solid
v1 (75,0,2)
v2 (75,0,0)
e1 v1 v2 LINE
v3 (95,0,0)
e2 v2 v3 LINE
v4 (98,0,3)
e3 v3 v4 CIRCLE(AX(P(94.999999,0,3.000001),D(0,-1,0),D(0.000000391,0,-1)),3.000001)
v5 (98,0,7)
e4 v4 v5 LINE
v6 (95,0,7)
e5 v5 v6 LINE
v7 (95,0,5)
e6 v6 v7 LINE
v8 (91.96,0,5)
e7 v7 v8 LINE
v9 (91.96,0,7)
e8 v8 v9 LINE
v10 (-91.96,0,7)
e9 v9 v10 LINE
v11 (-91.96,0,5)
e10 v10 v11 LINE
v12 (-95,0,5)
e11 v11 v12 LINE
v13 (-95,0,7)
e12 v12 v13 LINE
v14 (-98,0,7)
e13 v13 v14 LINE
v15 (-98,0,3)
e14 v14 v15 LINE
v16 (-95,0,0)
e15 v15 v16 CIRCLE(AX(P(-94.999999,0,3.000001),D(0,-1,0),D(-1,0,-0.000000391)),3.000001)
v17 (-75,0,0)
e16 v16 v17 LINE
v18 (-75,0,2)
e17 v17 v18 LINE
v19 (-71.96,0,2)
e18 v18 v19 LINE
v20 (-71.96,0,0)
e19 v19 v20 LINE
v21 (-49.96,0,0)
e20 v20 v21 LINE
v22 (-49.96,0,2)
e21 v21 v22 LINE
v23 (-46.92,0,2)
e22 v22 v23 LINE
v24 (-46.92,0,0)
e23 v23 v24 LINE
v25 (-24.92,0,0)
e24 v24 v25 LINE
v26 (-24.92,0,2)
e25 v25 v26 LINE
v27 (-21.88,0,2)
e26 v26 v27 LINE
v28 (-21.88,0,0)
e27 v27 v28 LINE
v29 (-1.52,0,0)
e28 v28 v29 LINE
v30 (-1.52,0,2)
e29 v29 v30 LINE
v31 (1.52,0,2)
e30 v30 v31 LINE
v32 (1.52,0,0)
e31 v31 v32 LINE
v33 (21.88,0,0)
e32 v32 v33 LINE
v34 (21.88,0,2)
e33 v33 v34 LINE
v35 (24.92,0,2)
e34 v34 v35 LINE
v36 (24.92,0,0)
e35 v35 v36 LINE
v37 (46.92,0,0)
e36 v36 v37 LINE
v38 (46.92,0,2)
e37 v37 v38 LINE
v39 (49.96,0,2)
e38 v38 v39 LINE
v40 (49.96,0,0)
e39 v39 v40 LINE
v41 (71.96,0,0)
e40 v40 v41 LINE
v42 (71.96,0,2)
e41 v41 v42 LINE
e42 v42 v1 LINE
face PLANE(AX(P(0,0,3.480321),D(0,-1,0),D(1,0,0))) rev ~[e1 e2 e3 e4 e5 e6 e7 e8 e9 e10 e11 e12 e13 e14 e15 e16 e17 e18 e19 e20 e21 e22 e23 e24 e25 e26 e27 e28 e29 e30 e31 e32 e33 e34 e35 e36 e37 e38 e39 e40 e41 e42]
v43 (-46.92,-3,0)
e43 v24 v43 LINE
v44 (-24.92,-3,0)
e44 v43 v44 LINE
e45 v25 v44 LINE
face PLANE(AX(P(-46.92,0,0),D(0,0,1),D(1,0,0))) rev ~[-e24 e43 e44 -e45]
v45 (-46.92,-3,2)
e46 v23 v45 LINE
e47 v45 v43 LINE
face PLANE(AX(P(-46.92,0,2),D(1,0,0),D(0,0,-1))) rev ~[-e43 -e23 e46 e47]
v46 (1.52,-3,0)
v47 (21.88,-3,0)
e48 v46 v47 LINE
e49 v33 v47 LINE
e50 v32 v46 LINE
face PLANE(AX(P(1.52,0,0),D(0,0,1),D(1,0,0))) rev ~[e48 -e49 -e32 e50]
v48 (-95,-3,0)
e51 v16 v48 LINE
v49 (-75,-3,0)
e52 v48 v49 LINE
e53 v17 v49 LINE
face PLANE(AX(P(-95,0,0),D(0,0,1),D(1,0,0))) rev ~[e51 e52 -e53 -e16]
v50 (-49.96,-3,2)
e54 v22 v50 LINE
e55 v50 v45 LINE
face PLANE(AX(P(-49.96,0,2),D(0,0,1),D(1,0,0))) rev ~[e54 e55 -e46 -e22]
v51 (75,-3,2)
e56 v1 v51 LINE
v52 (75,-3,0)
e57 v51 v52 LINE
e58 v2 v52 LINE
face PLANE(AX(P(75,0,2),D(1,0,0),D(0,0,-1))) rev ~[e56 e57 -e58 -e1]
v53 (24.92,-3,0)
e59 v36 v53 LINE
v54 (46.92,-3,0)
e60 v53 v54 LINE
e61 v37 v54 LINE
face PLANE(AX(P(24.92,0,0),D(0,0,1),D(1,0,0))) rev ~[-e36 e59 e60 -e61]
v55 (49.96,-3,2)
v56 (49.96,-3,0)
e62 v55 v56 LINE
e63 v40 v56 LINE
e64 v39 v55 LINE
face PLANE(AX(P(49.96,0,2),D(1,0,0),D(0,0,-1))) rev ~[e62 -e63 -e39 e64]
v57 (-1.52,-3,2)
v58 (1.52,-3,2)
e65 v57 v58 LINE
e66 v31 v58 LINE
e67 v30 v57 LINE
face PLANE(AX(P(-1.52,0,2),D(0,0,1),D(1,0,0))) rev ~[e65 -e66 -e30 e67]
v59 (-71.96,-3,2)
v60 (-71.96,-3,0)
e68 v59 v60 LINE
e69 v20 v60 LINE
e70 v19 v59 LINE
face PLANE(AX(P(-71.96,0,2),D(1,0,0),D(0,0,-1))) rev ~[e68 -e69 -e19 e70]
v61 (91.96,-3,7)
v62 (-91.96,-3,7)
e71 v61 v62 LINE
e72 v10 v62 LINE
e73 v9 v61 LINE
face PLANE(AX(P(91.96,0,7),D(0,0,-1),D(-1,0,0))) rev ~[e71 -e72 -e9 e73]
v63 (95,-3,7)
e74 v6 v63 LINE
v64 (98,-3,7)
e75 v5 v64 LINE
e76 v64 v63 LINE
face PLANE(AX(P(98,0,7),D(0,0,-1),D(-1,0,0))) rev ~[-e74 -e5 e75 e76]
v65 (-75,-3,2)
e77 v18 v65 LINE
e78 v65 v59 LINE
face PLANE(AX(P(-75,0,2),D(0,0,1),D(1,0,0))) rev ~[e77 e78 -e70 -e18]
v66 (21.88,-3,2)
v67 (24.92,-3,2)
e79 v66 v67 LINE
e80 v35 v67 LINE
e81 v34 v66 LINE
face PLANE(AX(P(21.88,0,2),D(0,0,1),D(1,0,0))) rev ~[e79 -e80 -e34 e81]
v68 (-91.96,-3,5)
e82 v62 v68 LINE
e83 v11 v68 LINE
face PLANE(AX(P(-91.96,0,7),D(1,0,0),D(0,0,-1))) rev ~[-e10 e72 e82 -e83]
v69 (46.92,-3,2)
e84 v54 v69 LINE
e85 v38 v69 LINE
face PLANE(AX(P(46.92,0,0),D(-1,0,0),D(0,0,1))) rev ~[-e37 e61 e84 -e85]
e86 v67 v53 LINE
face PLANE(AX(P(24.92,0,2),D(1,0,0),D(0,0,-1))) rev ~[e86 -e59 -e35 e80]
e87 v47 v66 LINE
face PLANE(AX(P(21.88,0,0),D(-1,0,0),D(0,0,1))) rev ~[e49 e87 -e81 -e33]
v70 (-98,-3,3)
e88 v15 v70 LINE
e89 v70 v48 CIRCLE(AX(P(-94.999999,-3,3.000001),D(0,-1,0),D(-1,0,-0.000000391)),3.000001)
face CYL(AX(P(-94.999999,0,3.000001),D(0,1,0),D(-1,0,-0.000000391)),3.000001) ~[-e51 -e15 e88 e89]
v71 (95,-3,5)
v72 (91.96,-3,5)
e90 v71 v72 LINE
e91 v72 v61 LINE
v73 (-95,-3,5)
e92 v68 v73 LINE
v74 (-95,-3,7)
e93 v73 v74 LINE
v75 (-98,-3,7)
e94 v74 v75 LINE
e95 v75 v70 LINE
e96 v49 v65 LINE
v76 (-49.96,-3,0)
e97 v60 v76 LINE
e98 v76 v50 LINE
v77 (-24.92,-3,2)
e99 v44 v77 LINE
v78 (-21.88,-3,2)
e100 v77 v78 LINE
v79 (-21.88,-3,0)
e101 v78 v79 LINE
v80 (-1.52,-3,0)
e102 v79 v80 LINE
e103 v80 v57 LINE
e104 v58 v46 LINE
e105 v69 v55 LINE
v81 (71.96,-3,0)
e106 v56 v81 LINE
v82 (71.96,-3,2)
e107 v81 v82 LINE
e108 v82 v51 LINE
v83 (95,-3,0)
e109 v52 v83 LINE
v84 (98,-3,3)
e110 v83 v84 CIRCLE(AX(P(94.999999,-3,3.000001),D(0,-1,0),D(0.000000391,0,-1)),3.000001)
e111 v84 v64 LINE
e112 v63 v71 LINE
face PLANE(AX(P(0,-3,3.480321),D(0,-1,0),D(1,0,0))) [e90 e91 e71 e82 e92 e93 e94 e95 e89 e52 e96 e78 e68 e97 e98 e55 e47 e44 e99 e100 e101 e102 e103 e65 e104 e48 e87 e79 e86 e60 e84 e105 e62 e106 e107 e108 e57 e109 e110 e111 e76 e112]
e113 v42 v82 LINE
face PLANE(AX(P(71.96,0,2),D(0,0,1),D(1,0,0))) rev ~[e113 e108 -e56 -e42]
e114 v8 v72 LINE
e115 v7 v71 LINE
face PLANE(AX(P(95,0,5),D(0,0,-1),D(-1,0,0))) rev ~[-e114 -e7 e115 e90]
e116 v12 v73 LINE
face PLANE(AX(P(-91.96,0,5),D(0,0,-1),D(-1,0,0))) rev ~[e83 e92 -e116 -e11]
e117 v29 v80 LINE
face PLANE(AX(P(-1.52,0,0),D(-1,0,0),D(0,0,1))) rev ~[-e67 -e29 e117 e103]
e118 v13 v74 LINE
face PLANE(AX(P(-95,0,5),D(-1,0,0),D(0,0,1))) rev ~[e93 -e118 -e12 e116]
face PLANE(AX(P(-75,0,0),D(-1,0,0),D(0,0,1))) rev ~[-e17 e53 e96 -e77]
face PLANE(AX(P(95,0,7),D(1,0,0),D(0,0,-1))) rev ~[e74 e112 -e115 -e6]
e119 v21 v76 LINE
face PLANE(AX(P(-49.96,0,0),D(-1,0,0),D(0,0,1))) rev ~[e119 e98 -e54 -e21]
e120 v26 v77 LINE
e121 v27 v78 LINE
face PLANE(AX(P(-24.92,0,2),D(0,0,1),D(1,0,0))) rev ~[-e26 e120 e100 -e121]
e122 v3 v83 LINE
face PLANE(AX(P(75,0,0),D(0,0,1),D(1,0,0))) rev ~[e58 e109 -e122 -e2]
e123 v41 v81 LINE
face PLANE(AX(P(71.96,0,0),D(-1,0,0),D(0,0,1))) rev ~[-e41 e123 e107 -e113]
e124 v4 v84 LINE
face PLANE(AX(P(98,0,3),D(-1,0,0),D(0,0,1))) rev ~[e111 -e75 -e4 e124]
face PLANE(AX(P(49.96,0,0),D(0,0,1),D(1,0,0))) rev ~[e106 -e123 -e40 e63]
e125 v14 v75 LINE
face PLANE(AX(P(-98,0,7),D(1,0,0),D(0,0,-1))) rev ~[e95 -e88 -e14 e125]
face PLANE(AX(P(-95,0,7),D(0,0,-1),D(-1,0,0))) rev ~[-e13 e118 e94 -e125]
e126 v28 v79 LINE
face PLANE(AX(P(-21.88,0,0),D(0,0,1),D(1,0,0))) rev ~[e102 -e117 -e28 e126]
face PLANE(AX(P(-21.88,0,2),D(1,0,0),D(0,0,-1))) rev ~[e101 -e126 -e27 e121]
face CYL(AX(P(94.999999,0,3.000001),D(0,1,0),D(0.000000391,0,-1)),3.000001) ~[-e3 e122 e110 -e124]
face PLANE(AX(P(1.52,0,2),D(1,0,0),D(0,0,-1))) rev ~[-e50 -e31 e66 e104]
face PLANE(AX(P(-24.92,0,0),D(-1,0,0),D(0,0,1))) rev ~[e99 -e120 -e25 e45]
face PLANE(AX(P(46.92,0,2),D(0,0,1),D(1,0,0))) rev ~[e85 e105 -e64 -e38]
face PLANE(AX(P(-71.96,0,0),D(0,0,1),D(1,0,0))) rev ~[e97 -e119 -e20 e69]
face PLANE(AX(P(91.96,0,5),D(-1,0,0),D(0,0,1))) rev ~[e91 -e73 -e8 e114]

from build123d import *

# Parameters (mm, degrees)
F1_DEPTH = 3


with BuildPart() as f1:
    # F0 (on Front) → F1 (new body)
    with BuildSketch(Plane.XZ):
        with BuildLine():
            Line((-71.96, 2), (-71.96, 0))
            Line((-71.96, 0), (-49.96, 0))
            Line((-49.96, 0), (-49.96, 2))
            Line((-49.96, 2), (-46.92, 2))
            Line((-46.92, 2), (-46.92, 0))
            Line((-46.92, 0), (-24.92, 0))
            Line((-24.92, 0), (-24.92, 2))
            Line((-24.92, 2), (-21.88, 2))
            Line((-21.88, 2), (-21.88, 0))
            Line((-21.88, 0), (-1.52, 0))
            Line((-1.52, 0), (-1.52, 2))
            Line((-1.52, 2), (1.52, 2))
            Line((1.52, 2), (1.52, 0))
            Line((1.52, 0), (21.88, 0))
            Line((21.88, 0), (21.88, 2))
            Line((21.88, 2), (24.92, 2))
            Line((24.92, 2), (24.92, 0))
            Line((24.92, 0), (46.92, 0))
            Line((46.92, 0), (46.92, 2))
            Line((46.92, 2), (49.96, 2))
            Line((49.96, 2), (49.96, 0))
            Line((49.96, 0), (71.96, 0))
            Line((71.96, 0), (71.96, 2))
            Line((71.96, 2), (75, 2))
            Line((75, 2), (75, 0))
            Line((75, 0), (95, 0))
            ThreePointArc((95, 0), (97.12132, 0.87868), (98, 3))
            Line((98, 3), (98, 7))
            Line((98, 7), (95, 7))
            Line((95, 7), (95, 5))
            Line((95, 5), (91.96, 5))
            Line((91.96, 5), (91.96, 7))
            Line((91.96, 7), (-91.96, 7))
            Line((-91.96, 7), (-91.96, 5))
            Line((-91.96, 5), (-95, 5))
            Line((-95, 5), (-95, 7))
            Line((-95, 7), (-98, 7))
            Line((-98, 7), (-98, 3))
            ThreePointArc((-98, 3), (-97.12132, 0.87868), (-95, 0))
            Line((-95, 0), (-75, 0))
            Line((-75, 0), (-75, 2))
            Line((-75, 2), (-71.96, 2))
        make_face()
    extrude(amount=F1_DEPTH)


solid = f1.part
